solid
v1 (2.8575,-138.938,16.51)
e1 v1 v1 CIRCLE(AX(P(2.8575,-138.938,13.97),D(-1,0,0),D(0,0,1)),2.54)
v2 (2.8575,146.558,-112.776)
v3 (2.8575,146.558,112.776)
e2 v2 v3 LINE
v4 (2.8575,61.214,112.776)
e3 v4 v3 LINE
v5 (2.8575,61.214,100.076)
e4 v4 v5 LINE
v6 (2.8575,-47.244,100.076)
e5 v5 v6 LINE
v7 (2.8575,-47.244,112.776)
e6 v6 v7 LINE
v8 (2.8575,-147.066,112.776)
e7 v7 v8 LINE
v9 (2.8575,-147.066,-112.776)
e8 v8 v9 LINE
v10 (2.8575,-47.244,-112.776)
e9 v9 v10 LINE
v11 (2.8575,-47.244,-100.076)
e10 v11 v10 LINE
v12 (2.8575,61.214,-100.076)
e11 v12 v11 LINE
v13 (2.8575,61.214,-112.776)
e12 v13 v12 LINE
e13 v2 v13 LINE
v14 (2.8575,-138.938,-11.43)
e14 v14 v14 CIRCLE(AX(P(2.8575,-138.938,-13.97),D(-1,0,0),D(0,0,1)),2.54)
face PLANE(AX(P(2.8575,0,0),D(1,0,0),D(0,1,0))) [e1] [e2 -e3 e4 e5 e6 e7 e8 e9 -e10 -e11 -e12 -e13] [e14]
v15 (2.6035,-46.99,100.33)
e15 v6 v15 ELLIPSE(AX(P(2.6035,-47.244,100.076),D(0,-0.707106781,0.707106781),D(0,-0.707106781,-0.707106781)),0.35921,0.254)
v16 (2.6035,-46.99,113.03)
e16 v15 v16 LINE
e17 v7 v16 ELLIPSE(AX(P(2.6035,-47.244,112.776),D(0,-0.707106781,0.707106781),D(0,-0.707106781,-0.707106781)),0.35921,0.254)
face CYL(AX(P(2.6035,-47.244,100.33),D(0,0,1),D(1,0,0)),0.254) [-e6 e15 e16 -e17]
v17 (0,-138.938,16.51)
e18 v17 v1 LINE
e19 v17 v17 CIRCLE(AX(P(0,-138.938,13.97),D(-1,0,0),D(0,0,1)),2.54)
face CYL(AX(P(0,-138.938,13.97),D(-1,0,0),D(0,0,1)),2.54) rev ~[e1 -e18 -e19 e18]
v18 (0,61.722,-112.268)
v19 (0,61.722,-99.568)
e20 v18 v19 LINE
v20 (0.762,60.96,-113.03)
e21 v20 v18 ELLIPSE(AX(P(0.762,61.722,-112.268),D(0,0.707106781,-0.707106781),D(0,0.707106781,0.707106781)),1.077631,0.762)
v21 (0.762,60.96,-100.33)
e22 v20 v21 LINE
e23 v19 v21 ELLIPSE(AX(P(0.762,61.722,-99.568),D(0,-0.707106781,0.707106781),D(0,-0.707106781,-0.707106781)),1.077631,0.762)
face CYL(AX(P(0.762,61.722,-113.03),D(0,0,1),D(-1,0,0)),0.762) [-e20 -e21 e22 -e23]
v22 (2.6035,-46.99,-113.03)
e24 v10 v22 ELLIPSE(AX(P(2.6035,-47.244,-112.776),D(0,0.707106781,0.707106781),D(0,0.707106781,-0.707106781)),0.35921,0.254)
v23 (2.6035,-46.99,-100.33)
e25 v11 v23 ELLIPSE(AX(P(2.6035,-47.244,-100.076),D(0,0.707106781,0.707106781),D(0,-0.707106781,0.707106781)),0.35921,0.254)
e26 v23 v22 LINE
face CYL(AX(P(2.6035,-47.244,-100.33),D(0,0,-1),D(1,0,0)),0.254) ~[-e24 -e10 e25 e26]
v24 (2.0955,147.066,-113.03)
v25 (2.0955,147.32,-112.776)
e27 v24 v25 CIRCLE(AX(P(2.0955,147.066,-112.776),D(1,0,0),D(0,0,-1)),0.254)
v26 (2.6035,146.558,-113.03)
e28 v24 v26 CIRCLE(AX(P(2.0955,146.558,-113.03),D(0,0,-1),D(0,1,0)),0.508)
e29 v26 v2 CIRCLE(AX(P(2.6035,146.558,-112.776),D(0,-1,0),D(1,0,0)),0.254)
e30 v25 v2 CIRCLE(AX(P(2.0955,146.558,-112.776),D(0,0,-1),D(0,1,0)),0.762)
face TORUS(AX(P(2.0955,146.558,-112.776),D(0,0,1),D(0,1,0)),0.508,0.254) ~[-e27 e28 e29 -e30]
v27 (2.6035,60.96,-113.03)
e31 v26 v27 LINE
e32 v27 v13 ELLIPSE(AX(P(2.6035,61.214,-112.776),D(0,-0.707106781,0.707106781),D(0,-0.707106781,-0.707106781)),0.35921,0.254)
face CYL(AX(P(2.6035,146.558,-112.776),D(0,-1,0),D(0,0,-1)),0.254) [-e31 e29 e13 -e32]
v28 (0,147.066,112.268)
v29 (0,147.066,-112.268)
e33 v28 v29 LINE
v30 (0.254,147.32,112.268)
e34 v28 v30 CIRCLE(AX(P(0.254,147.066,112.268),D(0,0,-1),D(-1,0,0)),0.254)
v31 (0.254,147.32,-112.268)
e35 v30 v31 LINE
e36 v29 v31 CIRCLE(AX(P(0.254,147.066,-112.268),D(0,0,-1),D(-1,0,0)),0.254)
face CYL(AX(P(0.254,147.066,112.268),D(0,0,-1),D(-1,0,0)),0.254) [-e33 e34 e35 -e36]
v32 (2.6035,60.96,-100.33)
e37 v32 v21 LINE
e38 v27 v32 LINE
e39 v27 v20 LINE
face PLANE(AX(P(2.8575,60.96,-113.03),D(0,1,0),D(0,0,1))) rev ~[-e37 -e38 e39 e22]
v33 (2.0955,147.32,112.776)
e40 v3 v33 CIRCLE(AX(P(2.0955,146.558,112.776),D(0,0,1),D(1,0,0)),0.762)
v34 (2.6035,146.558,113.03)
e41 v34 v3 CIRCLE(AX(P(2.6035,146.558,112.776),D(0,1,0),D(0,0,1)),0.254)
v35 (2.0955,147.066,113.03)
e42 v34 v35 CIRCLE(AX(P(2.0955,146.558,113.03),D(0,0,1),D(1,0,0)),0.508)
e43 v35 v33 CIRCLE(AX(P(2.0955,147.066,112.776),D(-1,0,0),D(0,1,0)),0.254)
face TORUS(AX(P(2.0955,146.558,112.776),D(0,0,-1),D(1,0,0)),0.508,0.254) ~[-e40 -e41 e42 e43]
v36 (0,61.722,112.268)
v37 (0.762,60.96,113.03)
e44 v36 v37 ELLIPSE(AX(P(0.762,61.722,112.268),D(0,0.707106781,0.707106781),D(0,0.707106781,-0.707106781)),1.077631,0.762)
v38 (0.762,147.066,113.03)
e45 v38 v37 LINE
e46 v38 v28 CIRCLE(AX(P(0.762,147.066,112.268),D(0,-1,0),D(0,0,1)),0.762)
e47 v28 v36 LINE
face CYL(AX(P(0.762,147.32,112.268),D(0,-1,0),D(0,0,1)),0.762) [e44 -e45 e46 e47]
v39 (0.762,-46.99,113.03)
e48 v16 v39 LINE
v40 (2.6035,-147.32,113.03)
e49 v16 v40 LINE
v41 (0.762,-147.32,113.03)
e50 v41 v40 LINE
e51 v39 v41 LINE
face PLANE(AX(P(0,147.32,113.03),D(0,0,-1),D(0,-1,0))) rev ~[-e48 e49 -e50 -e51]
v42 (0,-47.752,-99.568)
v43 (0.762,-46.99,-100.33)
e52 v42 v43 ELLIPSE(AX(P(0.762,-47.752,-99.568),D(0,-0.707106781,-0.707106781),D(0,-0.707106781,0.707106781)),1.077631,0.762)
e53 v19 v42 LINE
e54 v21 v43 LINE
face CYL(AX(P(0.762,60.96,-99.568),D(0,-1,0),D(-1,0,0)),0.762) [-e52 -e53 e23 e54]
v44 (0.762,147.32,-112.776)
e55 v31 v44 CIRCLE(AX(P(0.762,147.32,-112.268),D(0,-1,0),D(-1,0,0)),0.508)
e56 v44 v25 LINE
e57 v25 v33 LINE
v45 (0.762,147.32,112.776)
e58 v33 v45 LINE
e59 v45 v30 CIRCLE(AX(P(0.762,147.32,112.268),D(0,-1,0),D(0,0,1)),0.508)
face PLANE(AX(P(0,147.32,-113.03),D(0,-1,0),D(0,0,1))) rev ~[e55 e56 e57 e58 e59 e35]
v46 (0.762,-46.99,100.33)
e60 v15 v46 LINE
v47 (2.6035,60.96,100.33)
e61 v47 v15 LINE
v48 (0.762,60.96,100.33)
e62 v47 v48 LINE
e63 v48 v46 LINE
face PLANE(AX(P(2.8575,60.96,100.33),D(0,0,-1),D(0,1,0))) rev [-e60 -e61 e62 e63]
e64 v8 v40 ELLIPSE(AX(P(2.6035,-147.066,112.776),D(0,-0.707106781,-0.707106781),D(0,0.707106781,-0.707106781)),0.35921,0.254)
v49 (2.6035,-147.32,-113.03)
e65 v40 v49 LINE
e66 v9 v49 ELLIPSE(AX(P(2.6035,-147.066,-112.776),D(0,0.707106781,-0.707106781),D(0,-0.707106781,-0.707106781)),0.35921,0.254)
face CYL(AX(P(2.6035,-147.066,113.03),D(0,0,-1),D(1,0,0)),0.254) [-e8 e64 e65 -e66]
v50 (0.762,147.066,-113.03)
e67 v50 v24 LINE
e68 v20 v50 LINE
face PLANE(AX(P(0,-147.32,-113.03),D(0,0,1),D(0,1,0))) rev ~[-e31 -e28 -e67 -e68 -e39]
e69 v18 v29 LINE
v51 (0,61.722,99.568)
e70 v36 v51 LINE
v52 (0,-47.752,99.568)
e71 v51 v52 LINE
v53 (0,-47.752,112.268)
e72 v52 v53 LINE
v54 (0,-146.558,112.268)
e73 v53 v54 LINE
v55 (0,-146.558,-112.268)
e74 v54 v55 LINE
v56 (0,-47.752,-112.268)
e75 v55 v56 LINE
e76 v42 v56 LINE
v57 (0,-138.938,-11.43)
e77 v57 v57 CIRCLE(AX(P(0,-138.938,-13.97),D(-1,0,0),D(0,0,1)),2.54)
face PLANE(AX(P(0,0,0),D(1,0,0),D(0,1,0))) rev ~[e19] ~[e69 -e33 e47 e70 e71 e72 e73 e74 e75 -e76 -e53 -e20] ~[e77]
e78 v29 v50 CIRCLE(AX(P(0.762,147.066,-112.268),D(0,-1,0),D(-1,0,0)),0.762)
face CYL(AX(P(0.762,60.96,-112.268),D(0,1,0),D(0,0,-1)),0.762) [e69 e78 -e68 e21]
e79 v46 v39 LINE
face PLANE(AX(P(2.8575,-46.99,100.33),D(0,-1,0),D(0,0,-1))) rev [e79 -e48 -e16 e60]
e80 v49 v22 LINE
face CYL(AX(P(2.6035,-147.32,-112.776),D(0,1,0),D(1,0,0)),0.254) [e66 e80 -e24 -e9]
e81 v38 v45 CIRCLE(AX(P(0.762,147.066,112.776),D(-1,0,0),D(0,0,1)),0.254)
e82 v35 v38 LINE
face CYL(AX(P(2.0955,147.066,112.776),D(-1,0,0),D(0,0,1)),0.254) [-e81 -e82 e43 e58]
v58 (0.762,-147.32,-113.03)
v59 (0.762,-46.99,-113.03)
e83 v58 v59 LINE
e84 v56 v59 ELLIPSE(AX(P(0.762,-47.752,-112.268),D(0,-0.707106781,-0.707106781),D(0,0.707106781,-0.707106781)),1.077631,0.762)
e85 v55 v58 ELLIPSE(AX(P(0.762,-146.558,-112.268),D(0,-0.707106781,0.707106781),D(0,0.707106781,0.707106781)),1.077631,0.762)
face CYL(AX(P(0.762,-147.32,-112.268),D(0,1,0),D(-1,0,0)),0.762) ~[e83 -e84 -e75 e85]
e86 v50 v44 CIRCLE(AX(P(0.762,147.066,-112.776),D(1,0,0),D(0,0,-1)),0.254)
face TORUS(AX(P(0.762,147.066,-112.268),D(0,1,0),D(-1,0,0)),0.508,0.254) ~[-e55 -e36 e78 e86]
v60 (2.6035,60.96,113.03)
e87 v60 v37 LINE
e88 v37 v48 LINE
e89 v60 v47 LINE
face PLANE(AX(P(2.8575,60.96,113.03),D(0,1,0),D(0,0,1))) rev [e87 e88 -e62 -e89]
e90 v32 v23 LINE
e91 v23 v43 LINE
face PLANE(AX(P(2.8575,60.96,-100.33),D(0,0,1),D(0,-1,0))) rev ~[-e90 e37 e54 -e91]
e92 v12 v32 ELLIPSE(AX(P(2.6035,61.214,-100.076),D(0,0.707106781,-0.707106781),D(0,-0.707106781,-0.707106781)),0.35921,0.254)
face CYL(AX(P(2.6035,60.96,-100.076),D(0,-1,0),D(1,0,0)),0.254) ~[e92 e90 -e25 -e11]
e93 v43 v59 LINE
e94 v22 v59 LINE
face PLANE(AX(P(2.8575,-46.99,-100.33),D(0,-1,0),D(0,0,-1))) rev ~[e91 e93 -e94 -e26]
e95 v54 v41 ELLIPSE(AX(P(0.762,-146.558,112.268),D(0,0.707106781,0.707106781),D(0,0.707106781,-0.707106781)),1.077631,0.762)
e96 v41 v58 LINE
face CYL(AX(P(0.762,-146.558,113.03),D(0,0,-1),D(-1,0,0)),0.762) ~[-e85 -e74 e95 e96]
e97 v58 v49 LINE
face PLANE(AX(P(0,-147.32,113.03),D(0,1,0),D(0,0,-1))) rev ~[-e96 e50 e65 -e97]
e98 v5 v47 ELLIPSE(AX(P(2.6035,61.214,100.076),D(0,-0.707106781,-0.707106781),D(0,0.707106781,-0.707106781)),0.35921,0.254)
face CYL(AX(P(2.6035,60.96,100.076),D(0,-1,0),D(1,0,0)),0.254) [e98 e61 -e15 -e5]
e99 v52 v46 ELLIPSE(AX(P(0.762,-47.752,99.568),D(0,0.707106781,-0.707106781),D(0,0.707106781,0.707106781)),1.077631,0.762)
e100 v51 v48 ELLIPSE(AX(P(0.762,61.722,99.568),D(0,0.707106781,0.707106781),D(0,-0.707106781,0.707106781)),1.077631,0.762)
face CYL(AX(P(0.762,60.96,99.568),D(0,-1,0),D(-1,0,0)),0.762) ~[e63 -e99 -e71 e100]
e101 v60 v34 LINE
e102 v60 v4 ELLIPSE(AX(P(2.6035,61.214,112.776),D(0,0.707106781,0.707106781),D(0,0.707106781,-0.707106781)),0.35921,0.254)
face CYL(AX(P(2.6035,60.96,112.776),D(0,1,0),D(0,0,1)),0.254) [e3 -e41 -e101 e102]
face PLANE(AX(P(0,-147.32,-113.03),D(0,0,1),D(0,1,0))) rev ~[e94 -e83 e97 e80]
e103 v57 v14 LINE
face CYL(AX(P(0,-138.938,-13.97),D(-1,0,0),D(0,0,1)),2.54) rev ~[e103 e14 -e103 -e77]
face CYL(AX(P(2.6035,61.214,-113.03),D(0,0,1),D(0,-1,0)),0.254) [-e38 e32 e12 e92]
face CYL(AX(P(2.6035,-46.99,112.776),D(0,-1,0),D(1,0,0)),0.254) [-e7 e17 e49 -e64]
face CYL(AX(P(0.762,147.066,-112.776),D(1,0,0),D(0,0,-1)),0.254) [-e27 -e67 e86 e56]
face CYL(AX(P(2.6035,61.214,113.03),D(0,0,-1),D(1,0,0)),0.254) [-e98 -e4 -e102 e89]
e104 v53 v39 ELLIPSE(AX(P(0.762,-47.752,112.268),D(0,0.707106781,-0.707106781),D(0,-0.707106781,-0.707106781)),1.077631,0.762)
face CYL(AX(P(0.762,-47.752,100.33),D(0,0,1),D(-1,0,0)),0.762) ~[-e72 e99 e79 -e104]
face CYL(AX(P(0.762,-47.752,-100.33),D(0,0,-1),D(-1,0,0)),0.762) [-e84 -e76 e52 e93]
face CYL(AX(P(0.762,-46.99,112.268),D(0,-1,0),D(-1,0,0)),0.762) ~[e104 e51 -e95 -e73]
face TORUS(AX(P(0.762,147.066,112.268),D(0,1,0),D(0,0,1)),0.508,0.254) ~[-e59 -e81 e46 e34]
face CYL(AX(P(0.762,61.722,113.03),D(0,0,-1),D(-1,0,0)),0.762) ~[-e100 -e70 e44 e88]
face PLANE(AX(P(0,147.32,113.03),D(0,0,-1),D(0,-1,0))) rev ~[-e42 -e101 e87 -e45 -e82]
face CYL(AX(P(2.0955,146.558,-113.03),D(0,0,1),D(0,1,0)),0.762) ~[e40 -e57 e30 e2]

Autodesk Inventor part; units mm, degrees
ref_plane "YZ Plane" through (0, 0, 0) normal (1, 0, 0) x (0, 1, 0)
ref_plane "XZ Plane" through (0, 0, 0) normal (0, 1, 0) x (-1, 0, 0)
sketch "Sketch1" plane through (0, 0, 0) normal (1, 0, 0) x (0, 1, 0)
  line L0 (147.32, 113.03) -> (-147.32, 113.03)
  line L1 (-147.32, 113.03) -> (-147.32, -113.03)
  line L2 (-147.32, -113.03) -> (147.32, -113.03)
  line L3 (147.32, -113.03) -> (147.32, 113.03)
  line L4 (147.32, 113.03) -> (-147.32, -113.03) construction
  line L5 (-147.32, 113.03) -> (147.32, -113.03) construction
  point P0 (0, 0)
  dimension "d0" = 294.64
  dimension "d1" = 226.06
extrude "Extrusion1" add sketch "Sketch1" along normal blind 2.8575
sketch "Sketch2" plane through (2.8575, 0, 0) normal (1, 0, 0) x (0, 0, -1)
  line L0 (113.03, 60.96) -> (100.33, 60.96)
  line L1 (100.33, 60.96) -> (100.33, -46.99)
  line L2 (100.33, -46.99) -> (113.03, -46.99)
  line L3 (113.03, -147.32) -> (113.03, 147.32) projected
  line L4 (113.03, 147.32) -> (-113.03, 147.32) projected
  line L5 (113.03, 60.96) -> (113.03, -46.99)
  point P0 (0, 0)
  dimension "d4" = 107.95
  dimension "d5" = 0
  dimension "d6" = 0
  dimension "d7" = 12.7
  dimension "d8" = 86.36
extrude "Extrusion2" cut sketch "Sketch2" against normal blind 2.8575
mirror "Mirror1" about plane through (0, 0, 0) normal (0, 0, 1) of "Extrusion2"
ref_plane "Work Plane1" through (9.2075, 0, 0) normal (1, 0, 0) x (0, 0, -1)
fillet "Fillet2" radius 0.762 12 edges at (0, 104.14, -113.03) (0, 6.985, -100.33) (0, 60.96, -106.68) (0, -97.155, -113.03) (0, -46.99, -106.68) (0, -147.32, 0) (0, -97.155, 113.03) (0, -46.99, 106.68) (0, 6.985, 100.33) (0, 60.96, 106.68) (0, 104.14, 113.03) (2.8575, 147.32, 0)
fillet "Fillet4" radius 0.254 18 edges at (2.8575, -147.32, 0) (2.8575, -97.155, -113.03) (2.8575, 6.985, -100.33) (2.8575, -46.99, -106.68) (2.6343, 147.0968, -113.03) (1.4287, 147.32, -113.03) (0.2232, 147.32, -112.8068) (0, 147.32, 0) (0.2232, 147.32, 112.8068) (1.4287, 147.32, 113.03) (2.6343, 147.0968, 113.03) (2.8575, 103.759, 113.03) (2.8575, 103.759, -113.03) (2.8575, 60.96, -106.68) (2.8575, 60.96, 106.68) (2.8575, 6.985, 100.33) (2.8575, -97.155, 113.03) (2.8575, -46.99, 106.68)
sketch "Sketch7" plane through (0, 0, 0) normal (-1, 0, 0) x (0, 0, 1)
  circle A0 centre (-13.97, -138.938) radius 2.54
  line L0 (0, 0) -> (0, -146.558) construction
  line L1 (112.268, -146.558) -> (-112.268, -146.558) projected
  circle A1 centre (13.97, -138.938) radius 2.54
  dimension "d22" = 5.08
  dimension "d23" = 13.97
  dimension "d24" = 7.62
extrude "Extrusion4" cut sketch "Sketch7" against normal up to next
properties part number "BackFlap"
